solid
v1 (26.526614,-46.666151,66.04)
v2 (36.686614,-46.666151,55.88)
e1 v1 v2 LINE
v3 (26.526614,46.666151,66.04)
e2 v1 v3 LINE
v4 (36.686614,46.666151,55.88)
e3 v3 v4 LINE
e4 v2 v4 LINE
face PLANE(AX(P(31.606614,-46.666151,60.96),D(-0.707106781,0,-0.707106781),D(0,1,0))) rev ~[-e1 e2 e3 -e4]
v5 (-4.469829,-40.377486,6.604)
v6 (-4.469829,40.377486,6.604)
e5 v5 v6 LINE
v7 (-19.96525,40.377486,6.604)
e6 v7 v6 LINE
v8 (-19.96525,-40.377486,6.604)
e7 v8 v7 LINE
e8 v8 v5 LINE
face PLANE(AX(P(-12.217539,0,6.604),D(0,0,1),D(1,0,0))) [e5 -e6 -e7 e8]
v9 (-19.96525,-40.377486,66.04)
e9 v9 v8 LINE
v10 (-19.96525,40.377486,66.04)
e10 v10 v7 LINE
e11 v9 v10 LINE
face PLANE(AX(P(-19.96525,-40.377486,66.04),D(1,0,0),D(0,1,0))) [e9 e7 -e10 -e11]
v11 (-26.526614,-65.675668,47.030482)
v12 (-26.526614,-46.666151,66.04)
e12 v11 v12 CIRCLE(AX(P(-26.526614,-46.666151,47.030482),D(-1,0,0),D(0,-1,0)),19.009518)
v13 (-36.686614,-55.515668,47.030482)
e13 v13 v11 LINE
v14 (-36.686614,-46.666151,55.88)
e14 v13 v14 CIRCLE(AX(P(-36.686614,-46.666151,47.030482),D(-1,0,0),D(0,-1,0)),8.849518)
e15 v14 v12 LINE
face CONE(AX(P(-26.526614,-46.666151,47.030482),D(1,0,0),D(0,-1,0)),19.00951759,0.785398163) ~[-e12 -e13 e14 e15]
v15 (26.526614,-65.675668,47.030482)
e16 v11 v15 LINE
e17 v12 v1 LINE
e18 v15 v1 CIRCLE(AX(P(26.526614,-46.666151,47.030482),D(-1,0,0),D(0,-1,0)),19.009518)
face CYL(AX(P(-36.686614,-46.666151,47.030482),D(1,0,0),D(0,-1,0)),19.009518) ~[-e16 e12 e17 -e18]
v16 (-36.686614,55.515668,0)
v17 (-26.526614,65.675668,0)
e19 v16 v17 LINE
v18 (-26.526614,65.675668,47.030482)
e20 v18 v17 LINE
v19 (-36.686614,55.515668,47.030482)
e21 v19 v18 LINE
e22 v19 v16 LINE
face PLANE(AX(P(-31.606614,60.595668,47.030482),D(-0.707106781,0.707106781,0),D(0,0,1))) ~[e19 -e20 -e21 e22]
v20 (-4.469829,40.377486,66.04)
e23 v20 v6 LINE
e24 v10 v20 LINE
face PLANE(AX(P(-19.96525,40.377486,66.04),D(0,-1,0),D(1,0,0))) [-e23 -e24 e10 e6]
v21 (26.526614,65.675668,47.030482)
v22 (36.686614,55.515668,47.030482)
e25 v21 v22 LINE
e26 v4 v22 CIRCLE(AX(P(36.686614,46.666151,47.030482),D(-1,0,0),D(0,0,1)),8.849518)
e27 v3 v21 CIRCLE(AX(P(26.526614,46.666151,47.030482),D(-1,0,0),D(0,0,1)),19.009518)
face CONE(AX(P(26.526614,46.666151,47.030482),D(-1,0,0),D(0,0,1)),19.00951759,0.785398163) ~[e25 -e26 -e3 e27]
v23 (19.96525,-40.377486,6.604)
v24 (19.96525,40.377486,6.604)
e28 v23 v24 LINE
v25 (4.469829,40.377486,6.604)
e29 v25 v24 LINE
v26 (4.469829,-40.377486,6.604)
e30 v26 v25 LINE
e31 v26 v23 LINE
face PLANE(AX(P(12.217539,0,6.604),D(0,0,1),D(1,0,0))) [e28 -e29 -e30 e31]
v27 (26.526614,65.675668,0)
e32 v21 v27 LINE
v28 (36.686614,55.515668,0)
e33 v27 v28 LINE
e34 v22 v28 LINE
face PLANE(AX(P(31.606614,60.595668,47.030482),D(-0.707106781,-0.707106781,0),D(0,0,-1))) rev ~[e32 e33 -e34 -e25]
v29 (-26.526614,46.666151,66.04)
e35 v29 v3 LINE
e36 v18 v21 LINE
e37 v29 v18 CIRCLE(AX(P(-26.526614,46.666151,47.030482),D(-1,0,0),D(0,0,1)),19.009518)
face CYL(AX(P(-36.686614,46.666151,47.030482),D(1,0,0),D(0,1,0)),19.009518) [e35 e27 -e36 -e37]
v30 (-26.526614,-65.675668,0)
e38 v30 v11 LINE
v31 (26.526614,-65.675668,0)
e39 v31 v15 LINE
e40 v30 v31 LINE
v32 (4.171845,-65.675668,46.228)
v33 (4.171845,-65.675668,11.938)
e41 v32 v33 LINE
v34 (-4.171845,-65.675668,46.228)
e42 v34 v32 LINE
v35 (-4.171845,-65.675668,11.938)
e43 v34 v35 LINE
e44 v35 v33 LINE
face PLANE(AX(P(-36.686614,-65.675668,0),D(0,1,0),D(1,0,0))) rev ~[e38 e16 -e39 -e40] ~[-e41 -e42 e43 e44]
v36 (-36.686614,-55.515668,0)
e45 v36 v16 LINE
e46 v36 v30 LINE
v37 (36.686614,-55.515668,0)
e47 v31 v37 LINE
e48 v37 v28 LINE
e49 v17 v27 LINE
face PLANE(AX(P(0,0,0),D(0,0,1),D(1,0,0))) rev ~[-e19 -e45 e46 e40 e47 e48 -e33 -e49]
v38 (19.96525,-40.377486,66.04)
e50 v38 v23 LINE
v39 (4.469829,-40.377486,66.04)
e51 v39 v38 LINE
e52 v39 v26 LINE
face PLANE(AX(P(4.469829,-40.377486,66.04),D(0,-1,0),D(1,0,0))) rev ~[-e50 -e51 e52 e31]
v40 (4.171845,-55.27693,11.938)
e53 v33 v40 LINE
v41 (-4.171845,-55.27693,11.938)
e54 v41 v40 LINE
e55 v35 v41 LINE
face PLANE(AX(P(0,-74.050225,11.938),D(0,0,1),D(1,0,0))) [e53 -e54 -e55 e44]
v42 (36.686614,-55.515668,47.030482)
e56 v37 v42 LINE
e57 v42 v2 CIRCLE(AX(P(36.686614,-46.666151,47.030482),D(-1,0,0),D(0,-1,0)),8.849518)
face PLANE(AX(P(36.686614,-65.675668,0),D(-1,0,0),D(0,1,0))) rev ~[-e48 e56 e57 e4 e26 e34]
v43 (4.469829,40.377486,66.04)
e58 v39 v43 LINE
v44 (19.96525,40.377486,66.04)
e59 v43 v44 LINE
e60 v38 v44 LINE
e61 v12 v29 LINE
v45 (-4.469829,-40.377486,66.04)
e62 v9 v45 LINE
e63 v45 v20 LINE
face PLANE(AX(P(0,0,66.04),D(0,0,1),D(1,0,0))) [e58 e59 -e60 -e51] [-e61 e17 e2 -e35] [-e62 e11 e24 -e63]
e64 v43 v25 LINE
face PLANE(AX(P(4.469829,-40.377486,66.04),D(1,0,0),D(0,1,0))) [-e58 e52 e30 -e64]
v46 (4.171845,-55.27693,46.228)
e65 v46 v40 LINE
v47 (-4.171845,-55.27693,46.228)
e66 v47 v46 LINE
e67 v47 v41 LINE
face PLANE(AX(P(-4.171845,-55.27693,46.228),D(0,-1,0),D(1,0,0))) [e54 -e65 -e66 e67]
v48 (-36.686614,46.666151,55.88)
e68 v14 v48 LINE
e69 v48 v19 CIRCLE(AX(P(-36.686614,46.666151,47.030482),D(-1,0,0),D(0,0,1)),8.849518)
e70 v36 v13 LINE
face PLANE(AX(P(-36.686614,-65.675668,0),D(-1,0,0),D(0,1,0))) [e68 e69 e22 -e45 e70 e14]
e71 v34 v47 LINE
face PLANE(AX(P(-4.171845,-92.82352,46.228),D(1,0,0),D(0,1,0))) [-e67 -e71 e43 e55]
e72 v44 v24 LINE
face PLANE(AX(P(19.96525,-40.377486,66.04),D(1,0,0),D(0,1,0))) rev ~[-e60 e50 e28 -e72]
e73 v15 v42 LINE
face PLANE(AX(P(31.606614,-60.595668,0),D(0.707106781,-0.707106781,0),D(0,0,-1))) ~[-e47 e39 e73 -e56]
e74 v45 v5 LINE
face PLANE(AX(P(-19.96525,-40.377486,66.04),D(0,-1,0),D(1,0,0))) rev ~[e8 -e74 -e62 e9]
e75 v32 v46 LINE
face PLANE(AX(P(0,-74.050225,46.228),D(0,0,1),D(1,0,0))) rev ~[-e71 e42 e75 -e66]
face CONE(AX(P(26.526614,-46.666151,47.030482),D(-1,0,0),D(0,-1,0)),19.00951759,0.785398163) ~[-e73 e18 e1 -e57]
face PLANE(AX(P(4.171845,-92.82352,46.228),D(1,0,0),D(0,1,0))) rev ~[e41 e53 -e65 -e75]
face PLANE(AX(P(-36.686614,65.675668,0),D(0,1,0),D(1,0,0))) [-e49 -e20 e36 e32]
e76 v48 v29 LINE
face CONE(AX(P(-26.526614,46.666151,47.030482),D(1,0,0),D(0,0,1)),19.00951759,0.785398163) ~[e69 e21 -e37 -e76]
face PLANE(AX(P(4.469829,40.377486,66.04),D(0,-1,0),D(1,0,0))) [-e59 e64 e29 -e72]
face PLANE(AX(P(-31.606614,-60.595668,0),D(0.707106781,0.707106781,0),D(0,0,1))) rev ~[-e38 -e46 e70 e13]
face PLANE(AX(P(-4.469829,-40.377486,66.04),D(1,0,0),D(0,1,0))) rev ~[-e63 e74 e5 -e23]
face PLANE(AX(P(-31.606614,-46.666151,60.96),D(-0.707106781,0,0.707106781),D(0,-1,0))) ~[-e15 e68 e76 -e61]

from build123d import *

# Parameters (mm, degrees)
F0_W     = 73.3732283115
F0_H     = 131.3513368368
F1_DEPTH = 66.04
F2_R     = 19.0095175901
F3_SIZE  = 10.16
F4_W     = 15.4954213649
F4_H     = 80.7549729943
F5_DEPTH = 59.436
F7_START = -19.812
F6_W     = 8.3436891437
F6_H     = 37.5465899706
F7_DEPTH = 34.29


with BuildPart() as f1:
    # F0 (on Top) → F1 (new body)
    with BuildSketch(Plane.XY):
        Rectangle(F0_W, F0_H)
    extrude(amount=F1_DEPTH)

    # F2
    f2_edges = [f1.edges().sort_by_distance(p)[0] for p in [
        (0, 65.675668, 66.04),
        (0, -65.675668, 66.04),
    ]]
    fillet(f2_edges, radius=F2_R)

    # F3
    f3_edges = [f1.edges().sort_by_distance(p)[0] for p in [
        (-36.686614, 0, 66.04),
        (-36.686614, 60.10791, 60.472241),
        (-36.686614, 65.675668, 23.515241),
        (-36.686614, -60.10791, 60.472241),
        (-36.686614, -65.675668, 23.515241),
        (36.686614, 0, 66.04),
        (36.686614, 60.10791, 60.472241),
        (36.686614, 65.675668, 23.515241),
        (36.686614, -60.10791, 60.472241),
        (36.686614, -65.675668, 23.515241),
    ]]
    chamfer(f3_edges, length=F3_SIZE)

    # F4 (on face) → F5 (cut)
    with BuildSketch(Plane.XY.offset(66.04)):
        with Locations((12.2175393626, 0)):
            Rectangle(F4_W, F4_H)
        with Locations((-12.2175393626, 0)):
            Rectangle(F4_W, F4_H)
    extrude(amount=-F5_DEPTH, mode=Mode.SUBTRACT)

    # F6 (on face) → F7 (cut)
    with BuildSketch(Plane.XY.offset(66.04).offset(F7_START)):
        with Locations((0, -74.0502253175)):
            Rectangle(F6_W, F6_H)
    extrude(amount=-F7_DEPTH, mode=Mode.SUBTRACT)


solid = f1.part
